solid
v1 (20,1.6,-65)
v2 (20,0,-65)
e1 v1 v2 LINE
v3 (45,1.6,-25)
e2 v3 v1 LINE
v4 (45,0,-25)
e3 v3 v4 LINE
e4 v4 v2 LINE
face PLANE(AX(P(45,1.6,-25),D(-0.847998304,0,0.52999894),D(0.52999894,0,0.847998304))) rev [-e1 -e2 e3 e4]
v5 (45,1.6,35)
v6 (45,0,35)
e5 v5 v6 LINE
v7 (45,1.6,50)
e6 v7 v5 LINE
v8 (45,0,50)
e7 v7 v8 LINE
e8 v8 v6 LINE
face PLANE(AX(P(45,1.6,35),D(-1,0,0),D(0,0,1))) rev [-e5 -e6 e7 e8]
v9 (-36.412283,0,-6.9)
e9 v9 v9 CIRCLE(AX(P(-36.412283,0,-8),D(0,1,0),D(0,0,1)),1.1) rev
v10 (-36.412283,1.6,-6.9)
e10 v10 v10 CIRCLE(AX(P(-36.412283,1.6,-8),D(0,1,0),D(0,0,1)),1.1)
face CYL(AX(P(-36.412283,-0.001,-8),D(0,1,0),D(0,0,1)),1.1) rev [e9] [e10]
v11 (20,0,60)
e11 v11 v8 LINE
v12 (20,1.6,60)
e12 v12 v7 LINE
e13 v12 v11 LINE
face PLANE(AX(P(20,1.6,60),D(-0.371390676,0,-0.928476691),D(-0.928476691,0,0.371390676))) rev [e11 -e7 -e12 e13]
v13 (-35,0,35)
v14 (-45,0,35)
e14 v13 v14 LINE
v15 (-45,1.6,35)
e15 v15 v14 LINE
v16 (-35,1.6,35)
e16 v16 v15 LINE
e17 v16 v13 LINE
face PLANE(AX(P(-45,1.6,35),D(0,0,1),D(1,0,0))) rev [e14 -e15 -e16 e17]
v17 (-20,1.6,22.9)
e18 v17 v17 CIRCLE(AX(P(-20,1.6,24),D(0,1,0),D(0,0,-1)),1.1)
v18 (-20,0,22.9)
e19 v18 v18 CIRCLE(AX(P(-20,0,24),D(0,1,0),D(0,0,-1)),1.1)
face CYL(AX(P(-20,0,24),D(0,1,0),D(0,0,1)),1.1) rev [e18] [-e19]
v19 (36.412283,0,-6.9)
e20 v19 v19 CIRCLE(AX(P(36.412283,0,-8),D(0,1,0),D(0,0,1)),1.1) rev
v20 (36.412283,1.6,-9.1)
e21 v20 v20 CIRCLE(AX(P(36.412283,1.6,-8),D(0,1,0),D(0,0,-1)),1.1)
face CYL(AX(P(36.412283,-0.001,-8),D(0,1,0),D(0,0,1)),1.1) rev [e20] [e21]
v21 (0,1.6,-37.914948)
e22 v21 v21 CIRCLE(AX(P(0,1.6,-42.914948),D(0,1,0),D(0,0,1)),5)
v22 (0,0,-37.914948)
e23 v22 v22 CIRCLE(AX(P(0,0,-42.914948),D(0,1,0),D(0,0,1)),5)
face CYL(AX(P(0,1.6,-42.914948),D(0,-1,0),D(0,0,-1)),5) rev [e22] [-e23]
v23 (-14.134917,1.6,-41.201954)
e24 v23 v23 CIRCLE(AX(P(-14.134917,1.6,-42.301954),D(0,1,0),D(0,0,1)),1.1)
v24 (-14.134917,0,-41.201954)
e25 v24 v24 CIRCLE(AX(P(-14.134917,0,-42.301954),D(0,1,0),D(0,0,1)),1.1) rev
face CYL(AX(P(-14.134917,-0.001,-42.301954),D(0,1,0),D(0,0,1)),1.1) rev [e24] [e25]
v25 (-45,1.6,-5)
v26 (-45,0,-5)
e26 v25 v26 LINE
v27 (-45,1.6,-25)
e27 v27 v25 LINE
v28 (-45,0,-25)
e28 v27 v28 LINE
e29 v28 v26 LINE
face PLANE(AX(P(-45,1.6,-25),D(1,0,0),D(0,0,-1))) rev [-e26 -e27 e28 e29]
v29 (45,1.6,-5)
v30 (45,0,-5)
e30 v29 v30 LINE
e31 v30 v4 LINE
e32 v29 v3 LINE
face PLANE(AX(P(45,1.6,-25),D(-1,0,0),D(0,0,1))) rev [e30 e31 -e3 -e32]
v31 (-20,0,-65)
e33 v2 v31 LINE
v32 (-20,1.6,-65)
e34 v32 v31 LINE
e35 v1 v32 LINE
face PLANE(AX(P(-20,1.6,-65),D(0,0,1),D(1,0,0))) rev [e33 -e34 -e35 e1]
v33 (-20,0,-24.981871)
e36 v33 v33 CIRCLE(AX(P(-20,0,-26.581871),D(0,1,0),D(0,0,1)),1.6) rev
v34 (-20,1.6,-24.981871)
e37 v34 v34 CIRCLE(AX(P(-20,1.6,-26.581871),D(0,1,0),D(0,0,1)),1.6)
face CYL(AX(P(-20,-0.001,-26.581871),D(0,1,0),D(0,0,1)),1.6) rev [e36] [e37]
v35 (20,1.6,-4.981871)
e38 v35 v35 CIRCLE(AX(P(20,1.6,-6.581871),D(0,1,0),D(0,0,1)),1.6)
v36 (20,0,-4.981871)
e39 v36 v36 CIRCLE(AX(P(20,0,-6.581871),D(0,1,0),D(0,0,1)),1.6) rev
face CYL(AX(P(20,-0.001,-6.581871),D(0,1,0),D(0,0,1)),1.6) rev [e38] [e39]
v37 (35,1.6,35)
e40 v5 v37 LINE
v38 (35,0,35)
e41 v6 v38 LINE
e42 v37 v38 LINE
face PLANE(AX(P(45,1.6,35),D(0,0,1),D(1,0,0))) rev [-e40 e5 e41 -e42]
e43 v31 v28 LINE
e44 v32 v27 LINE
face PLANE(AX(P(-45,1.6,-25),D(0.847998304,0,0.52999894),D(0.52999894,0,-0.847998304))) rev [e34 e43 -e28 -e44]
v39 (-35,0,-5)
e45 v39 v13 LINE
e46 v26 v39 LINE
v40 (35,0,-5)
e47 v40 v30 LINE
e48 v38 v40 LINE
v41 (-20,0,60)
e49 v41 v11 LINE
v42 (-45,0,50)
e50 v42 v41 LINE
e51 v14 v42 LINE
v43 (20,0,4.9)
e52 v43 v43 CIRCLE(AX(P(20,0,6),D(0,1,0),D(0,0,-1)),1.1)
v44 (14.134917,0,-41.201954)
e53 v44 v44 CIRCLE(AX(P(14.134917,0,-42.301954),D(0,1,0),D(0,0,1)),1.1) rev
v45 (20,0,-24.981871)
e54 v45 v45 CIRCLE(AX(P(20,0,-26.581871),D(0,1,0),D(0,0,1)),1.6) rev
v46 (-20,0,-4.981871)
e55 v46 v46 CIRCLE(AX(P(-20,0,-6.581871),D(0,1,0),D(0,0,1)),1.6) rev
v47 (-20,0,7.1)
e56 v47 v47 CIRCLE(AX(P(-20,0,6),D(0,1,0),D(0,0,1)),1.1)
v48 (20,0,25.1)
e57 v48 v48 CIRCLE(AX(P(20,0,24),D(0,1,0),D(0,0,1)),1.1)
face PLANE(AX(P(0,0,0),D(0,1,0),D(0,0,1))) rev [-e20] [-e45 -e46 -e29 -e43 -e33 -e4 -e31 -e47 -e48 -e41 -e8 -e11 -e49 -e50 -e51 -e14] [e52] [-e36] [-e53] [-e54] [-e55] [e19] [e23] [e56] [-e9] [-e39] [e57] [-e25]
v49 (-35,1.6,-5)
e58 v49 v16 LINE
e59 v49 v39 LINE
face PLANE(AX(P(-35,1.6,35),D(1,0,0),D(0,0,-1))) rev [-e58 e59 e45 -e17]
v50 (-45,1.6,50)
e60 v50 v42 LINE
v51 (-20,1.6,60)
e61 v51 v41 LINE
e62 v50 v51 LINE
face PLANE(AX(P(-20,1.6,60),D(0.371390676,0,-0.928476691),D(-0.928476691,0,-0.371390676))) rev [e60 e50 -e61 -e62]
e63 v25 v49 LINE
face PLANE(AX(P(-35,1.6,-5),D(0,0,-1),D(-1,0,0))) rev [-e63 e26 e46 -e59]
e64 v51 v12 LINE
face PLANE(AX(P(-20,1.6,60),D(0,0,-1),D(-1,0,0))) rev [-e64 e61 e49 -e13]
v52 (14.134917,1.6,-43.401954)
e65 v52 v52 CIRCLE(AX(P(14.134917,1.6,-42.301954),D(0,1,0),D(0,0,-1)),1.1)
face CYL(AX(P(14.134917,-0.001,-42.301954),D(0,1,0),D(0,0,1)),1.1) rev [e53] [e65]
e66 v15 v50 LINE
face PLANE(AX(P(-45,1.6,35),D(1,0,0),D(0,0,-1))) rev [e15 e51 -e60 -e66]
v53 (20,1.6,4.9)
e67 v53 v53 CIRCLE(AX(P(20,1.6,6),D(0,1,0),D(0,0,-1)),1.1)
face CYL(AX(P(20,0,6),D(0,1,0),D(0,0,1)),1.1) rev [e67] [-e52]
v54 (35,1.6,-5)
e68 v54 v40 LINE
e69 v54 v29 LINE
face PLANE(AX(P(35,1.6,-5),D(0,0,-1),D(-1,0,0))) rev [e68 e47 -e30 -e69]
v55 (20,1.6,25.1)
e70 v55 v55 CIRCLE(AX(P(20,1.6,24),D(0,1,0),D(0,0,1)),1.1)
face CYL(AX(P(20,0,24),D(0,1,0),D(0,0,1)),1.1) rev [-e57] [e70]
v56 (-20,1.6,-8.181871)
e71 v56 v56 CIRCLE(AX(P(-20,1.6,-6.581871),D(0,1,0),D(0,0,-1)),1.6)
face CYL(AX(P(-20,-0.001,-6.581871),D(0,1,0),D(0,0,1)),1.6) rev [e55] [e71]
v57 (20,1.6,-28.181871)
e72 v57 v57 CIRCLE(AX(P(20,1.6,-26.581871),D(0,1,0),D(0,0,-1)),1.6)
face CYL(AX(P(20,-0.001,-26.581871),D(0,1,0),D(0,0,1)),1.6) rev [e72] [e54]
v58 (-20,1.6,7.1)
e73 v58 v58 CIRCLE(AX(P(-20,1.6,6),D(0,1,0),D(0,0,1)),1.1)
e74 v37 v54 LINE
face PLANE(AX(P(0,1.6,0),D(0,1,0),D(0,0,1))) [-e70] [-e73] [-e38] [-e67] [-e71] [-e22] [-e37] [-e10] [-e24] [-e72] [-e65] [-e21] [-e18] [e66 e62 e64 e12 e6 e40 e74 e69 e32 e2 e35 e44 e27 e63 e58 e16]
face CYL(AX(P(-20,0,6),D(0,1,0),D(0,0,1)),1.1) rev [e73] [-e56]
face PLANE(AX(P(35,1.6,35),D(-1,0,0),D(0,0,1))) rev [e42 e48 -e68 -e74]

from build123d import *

# Parameters (mm, degrees)
SKETCH1_R           = 5
BOSS_EXTRUDE1_DEPTH = 1.6
SKETCH2_R           = 1.1
CUT_EXTRUDE1_DEPTH  = 80.073130708
CUT_EXTRUDE2_REACH  = 81.073
SKETCH3_R           = 1.6
CUT_EXTRUDE3_REACH  = 81.073
SKETCH5_R           = 1.1


with BuildPart() as part:
    # Sketch1 → Boss-Extrude1 (new body)
    with BuildSketch(Plane(origin=(0, 0, 0), x_dir=(1, 0, 0), z_dir=(0, 1, 0))):
        Polygon((-20, 65), (20, 65), (45, 25), (45, 5), (35, 5), (35, -35), (45, -35), (45, -50), (20, -60), (-20, -60), (-45, -50), (-45, -35), (-35, -35), (-35, 5), (-45, 5), (-45, 25), align=None)
        with Locations(Location((0, 42.914947937, 0), (0, 0, 270))):
            Circle(SKETCH1_R, mode=Mode.SUBTRACT)
    extrude(amount=BOSS_EXTRUDE1_DEPTH)

    # Sketch2 → Cut-Extrude1 (cut, through all)
    with BuildSketch(Plane(origin=(0, 1.6, 0), x_dir=(1, 0, 0), z_dir=(0, 1, 0))):
        with Locations(Location((-20, -6, 0), (0, 0, 270))):
            Circle(SKETCH2_R)
        with Locations(Location((-20, -24, 0), (0, 0, 90))):
            Circle(SKETCH2_R)
        with Locations(Location((20, -24, 0), (0, 0, 270))):
            Circle(SKETCH2_R)
        with Locations(Location((20, -6, 0), (0, 0, 90))):
            Circle(SKETCH2_R)
    extrude(amount=-CUT_EXTRUDE1_DEPTH, mode=Mode.SUBTRACT)

    # Sketch3 → Cut-Extrude2 (cut, up to next)
    with BuildSketch(Plane(origin=(0, 1.6, 0), x_dir=(1, 0, 0), z_dir=(0, 1, 0)), mode=Mode.PRIVATE) as cut_extrude2_sk1:
        with Locations(Location((-20, 26.581871199, 0), (0, 0, 270))):
            Circle(SKETCH3_R)
    cut_extrude2_tool1 = extrude(cut_extrude2_sk1.sketch, amount=-CUT_EXTRUDE2_REACH, mode=Mode.PRIVATE) & part.part
    # Sketch3 → Cut-Extrude2 (cut, up to next)
    with BuildSketch(Plane(origin=(0, 1.6, 0), x_dir=(1, 0, 0), z_dir=(0, 1, 0)), mode=Mode.PRIVATE) as cut_extrude2_sk2:
        with Locations(Location((20, 26.581871199, 0), (0, 0, 270))):
            Circle(SKETCH3_R)
    cut_extrude2_tool2 = extrude(cut_extrude2_sk2.sketch, amount=-CUT_EXTRUDE2_REACH, mode=Mode.PRIVATE) & part.part
    # Sketch3 → Cut-Extrude2 (cut, up to next)
    with BuildSketch(Plane(origin=(0, 1.6, 0), x_dir=(1, 0, 0), z_dir=(0, 1, 0)), mode=Mode.PRIVATE) as cut_extrude2_sk3:
        with Locations(Location((20, 6.581871199, 0), (0, 0, 270))):
            Circle(SKETCH3_R)
    cut_extrude2_tool3 = extrude(cut_extrude2_sk3.sketch, amount=-CUT_EXTRUDE2_REACH, mode=Mode.PRIVATE) & part.part
    # Sketch3 → Cut-Extrude2 (cut, up to next)
    with BuildSketch(Plane(origin=(0, 1.6, 0), x_dir=(1, 0, 0), z_dir=(0, 1, 0)), mode=Mode.PRIVATE) as cut_extrude2_sk4:
        with Locations(Location((-20, 6.581871199, 0), (0, 0, 270))):
            Circle(SKETCH3_R)
    cut_extrude2_tool4 = extrude(cut_extrude2_sk4.sketch, amount=-CUT_EXTRUDE2_REACH, mode=Mode.PRIVATE) & part.part
    add(cut_extrude2_tool1.solids().sort_by_distance((-20, 1.6, -26.581871))[0], mode=Mode.SUBTRACT)
    add(cut_extrude2_tool2.solids().sort_by_distance((20, 1.6, -26.581871))[0], mode=Mode.SUBTRACT)
    add(cut_extrude2_tool3.solids().sort_by_distance((20, 1.6, -6.581871))[0], mode=Mode.SUBTRACT)
    add(cut_extrude2_tool4.solids().sort_by_distance((-20, 1.6, -6.581871))[0], mode=Mode.SUBTRACT)

    # Sketch5 → Cut-Extrude3 (cut, up to next)
    with BuildSketch(Plane(origin=(0, 1.6, 0), x_dir=(1, 0, 0), z_dir=(0, 1, 0)), mode=Mode.PRIVATE) as cut_extrude3_sk1:
        with Locations(Location((-36.412283149, 8, 0), (0, 0, 270))):
            Circle(SKETCH5_R)
    cut_extrude3_tool1 = extrude(cut_extrude3_sk1.sketch, amount=-CUT_EXTRUDE3_REACH, mode=Mode.PRIVATE) & part.part
    # Sketch5 → Cut-Extrude3 (cut, up to next)
    with BuildSketch(Plane(origin=(0, 1.6, 0), x_dir=(1, 0, 0), z_dir=(0, 1, 0)), mode=Mode.PRIVATE) as cut_extrude3_sk2:
        with Locations(Location((36.412283149, 8, 0), (0, 0, 270))):
            Circle(SKETCH5_R)
    cut_extrude3_tool2 = extrude(cut_extrude3_sk2.sketch, amount=-CUT_EXTRUDE3_REACH, mode=Mode.PRIVATE) & part.part
    # Sketch5 → Cut-Extrude3 (cut, up to next)
    with BuildSketch(Plane(origin=(0, 1.6, 0), x_dir=(1, 0, 0), z_dir=(0, 1, 0)), mode=Mode.PRIVATE) as cut_extrude3_sk3:
        with Locations(Location((-14.134917172, 42.301953571, 0), (0, 0, 270))):
            Circle(SKETCH5_R)
    cut_extrude3_tool3 = extrude(cut_extrude3_sk3.sketch, amount=-CUT_EXTRUDE3_REACH, mode=Mode.PRIVATE) & part.part
    # Sketch5 → Cut-Extrude3 (cut, up to next)
    with BuildSketch(Plane(origin=(0, 1.6, 0), x_dir=(1, 0, 0), z_dir=(0, 1, 0)), mode=Mode.PRIVATE) as cut_extrude3_sk4:
        with Locations(Location((14.134917172, 42.301953571, 0), (0, 0, 270))):
            Circle(SKETCH5_R)
    cut_extrude3_tool4 = extrude(cut_extrude3_sk4.sketch, amount=-CUT_EXTRUDE3_REACH, mode=Mode.PRIVATE) & part.part
    add(cut_extrude3_tool1.solids().sort_by_distance((-36.412283, 1.6, -8))[0], mode=Mode.SUBTRACT)
    add(cut_extrude3_tool2.solids().sort_by_distance((36.412283, 1.6, -8))[0], mode=Mode.SUBTRACT)
    add(cut_extrude3_tool3.solids().sort_by_distance((-14.134917, 1.6, -42.301954))[0], mode=Mode.SUBTRACT)
    add(cut_extrude3_tool4.solids().sort_by_distance((14.134917, 1.6, -42.301954))[0], mode=Mode.SUBTRACT)


solid = part.part
